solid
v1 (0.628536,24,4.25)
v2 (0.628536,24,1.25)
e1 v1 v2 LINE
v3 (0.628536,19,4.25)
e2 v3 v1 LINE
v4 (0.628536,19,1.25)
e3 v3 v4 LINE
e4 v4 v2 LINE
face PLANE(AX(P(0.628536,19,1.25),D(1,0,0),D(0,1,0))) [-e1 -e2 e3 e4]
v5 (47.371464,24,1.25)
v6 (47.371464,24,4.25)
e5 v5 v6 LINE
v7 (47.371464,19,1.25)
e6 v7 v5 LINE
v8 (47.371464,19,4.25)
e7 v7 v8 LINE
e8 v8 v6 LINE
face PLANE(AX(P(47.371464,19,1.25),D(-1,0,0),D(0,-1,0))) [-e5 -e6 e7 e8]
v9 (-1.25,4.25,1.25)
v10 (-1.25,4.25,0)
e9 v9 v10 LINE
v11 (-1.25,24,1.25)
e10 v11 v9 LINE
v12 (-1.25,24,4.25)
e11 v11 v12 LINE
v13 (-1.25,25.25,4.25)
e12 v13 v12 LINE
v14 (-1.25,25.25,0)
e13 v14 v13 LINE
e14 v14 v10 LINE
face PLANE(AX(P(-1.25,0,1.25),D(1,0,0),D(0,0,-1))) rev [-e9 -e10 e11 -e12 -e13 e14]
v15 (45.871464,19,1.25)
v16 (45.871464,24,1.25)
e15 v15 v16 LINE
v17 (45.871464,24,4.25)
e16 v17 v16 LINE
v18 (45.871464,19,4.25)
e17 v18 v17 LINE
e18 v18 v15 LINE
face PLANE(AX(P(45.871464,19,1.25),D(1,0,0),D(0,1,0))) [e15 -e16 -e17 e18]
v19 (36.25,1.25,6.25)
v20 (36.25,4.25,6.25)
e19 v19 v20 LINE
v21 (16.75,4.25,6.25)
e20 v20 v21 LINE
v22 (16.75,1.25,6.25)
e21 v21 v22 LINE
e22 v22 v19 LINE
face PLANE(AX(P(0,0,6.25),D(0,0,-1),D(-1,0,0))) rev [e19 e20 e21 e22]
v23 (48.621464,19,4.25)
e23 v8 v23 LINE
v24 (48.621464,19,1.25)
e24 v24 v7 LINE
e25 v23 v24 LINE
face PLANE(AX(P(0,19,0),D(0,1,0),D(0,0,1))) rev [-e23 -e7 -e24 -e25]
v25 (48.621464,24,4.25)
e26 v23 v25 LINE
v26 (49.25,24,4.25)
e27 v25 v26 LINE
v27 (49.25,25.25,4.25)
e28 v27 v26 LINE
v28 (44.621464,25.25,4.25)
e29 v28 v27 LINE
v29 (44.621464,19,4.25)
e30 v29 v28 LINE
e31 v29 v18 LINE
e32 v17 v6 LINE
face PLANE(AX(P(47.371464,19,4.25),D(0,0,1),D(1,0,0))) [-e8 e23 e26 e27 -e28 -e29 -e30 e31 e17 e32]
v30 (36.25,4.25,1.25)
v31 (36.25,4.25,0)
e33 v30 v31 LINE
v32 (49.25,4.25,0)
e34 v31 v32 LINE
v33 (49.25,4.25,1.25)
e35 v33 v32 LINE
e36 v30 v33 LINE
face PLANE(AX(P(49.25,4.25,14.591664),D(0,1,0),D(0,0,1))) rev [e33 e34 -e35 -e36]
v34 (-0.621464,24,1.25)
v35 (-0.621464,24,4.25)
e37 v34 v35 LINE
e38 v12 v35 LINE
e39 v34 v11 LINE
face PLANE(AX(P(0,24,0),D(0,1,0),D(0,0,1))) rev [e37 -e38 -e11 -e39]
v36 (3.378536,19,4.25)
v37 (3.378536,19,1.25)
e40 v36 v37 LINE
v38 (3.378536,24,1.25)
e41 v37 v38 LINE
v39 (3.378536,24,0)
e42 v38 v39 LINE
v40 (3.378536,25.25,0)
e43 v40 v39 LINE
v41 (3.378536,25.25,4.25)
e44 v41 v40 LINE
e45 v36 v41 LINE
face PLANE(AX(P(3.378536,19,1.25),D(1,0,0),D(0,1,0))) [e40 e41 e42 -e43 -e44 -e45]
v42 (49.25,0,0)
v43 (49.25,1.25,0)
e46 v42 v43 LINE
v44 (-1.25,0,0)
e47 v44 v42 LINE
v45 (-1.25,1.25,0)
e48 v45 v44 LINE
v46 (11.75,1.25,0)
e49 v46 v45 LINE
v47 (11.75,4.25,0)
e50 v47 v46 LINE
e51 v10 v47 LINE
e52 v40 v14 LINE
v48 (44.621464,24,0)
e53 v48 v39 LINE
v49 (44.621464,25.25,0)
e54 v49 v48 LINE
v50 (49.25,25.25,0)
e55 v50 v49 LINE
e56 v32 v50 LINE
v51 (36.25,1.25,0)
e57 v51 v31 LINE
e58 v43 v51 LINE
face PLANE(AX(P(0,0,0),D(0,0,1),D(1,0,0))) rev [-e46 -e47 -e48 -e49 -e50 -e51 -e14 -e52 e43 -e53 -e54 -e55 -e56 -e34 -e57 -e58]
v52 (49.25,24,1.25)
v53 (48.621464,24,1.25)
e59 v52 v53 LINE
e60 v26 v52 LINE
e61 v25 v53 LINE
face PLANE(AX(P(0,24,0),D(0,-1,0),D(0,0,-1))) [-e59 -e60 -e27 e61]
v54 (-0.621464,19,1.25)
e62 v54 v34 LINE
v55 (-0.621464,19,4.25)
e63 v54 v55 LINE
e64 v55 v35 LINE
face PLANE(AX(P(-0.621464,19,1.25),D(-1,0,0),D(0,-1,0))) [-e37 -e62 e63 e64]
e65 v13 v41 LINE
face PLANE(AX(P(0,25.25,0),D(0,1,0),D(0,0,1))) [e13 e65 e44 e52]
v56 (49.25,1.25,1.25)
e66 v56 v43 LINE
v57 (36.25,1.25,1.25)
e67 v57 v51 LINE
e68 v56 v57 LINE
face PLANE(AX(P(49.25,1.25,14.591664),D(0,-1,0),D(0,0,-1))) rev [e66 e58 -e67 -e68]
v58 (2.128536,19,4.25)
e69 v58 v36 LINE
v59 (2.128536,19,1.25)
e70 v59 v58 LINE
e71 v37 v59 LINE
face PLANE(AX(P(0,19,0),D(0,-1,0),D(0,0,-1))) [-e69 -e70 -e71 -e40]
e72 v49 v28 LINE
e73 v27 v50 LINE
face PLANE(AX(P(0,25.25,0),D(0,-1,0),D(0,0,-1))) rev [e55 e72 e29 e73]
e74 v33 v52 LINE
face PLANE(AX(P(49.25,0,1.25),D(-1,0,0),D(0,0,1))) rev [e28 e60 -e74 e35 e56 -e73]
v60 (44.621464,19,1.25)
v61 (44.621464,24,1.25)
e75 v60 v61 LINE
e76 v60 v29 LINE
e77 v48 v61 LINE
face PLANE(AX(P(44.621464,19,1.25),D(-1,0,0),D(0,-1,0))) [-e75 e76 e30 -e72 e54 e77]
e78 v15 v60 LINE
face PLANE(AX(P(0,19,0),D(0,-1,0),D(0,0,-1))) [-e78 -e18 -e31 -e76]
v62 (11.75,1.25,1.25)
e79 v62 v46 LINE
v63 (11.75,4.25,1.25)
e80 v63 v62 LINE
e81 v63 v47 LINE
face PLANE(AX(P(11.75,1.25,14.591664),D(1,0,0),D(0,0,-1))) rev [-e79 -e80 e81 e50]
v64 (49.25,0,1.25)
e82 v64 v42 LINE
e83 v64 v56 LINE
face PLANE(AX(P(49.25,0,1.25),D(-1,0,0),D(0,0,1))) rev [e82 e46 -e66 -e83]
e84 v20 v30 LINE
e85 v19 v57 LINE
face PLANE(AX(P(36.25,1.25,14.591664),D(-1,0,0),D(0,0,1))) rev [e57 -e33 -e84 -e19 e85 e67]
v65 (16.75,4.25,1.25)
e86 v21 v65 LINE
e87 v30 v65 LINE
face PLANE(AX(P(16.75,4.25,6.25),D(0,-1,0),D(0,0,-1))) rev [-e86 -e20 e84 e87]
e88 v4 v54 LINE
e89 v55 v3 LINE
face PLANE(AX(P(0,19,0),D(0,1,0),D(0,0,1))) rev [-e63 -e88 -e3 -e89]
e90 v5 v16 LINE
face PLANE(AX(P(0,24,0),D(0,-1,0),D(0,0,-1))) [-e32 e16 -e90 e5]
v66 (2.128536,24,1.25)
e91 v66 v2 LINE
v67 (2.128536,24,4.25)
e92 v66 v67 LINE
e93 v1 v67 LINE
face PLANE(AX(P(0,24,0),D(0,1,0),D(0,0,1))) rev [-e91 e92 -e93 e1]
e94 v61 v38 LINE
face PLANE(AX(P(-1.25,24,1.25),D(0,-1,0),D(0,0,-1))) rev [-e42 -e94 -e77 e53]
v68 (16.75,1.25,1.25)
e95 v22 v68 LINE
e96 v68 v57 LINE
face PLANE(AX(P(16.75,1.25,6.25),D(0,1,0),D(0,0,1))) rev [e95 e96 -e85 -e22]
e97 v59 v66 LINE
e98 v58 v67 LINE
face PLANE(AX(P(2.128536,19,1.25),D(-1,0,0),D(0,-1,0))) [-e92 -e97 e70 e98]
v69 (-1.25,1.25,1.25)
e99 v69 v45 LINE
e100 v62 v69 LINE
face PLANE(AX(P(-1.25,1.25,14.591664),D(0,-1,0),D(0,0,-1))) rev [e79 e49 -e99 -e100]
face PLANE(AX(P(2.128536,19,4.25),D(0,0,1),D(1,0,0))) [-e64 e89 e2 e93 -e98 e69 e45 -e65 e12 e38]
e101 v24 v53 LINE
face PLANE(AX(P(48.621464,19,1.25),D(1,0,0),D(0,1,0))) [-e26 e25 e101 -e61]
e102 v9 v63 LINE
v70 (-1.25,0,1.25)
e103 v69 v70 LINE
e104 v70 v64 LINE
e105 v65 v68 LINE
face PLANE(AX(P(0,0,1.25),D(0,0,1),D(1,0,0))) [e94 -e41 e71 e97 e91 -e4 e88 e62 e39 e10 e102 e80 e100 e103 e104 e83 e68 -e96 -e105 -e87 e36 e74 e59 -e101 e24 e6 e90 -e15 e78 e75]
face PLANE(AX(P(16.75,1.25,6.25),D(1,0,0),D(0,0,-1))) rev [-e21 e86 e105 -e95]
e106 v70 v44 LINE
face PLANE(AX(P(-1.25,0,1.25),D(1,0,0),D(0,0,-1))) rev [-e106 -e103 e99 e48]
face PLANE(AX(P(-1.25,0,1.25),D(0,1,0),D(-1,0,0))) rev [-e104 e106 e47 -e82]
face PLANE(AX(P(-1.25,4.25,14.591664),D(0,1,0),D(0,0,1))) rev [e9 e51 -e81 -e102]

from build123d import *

# Parameters (mm, degrees)
SKETCH1_W           = 50.5
SKETCH1_H           = 24
BOSS_EXTRUDE1_DEPTH = 1.25
SKETCH2_W           = 1.25
SKETCH2_H           = 3
BOSS_EXTRUDE2_DEPTH = 5
SKETCH3_W           = 13
SKETCH3_H           = 3
CUT_EXTRUDE1_DEPTH  = 1.25
SKETCH5_W           = 4.628536498
SKETCH5_H           = 4.25
BOSS_EXTRUDE3_DEPTH = 1.25
SKETCH9_W           = 19.5
SKETCH9_H           = 3
BOSS_EXTRUDE5_DEPTH = 5


with BuildPart() as part:
    # Sketch1 → Boss-Extrude1 (new body)
    with BuildSketch(Plane.XY):
        with Locations((24, 12)):
            Rectangle(SKETCH1_W, SKETCH1_H)
    extrude(amount=BOSS_EXTRUDE1_DEPTH)

    # Sketch2 → Boss-Extrude2 (add)
    with BuildSketch(Plane(origin=(0, 24, 0), x_dir=(1, 0, 0), z_dir=(0, 1, 0))):
        with Locations((47.996463502, -2.75)):
            Rectangle(SKETCH2_W, SKETCH2_H)
        with Locations((45.246463502, -2.75)):
            Rectangle(SKETCH2_W, SKETCH2_H)
        with Locations((2.753536498, -2.75)):
            Rectangle(SKETCH2_W, SKETCH2_H)
        with Locations((0.003536498, -2.75)):
            Rectangle(SKETCH2_W, SKETCH2_H)
    extrude(amount=-BOSS_EXTRUDE2_DEPTH)

    # Sketch3 → Cut-Extrude1 (cut)
    with BuildSketch(Plane(origin=(0, 0, 0), x_dir=(-1, 0, 0), z_dir=(0, 0, -1))):
        with Locations((-42.75, 2.75)):
            Rectangle(SKETCH3_W, SKETCH3_H)
        with Locations((-5.25, 2.75)):
            Rectangle(SKETCH3_W, SKETCH3_H)
    extrude(amount=-CUT_EXTRUDE1_DEPTH, mode=Mode.SUBTRACT)

    # Sketch5 → Boss-Extrude3 (add)
    with BuildSketch(Plane(origin=(0, 24, 0), x_dir=(1, 0, 0), z_dir=(0, 1, 0))):
        with Locations((1.064268249, -2.125)):
            Rectangle(SKETCH5_W, SKETCH5_H)
        with Locations((46.935731751, -2.125)):
            Rectangle(SKETCH5_W, SKETCH5_H)
    extrude(amount=BOSS_EXTRUDE3_DEPTH)

    # Sketch9 → Boss-Extrude5 (add)
    with BuildSketch(Plane.XY.offset(1.25)):
        with Locations((26.5, 2.75)):
            Rectangle(SKETCH9_W, SKETCH9_H)
    extrude(amount=BOSS_EXTRUDE5_DEPTH)


solid = part.part
